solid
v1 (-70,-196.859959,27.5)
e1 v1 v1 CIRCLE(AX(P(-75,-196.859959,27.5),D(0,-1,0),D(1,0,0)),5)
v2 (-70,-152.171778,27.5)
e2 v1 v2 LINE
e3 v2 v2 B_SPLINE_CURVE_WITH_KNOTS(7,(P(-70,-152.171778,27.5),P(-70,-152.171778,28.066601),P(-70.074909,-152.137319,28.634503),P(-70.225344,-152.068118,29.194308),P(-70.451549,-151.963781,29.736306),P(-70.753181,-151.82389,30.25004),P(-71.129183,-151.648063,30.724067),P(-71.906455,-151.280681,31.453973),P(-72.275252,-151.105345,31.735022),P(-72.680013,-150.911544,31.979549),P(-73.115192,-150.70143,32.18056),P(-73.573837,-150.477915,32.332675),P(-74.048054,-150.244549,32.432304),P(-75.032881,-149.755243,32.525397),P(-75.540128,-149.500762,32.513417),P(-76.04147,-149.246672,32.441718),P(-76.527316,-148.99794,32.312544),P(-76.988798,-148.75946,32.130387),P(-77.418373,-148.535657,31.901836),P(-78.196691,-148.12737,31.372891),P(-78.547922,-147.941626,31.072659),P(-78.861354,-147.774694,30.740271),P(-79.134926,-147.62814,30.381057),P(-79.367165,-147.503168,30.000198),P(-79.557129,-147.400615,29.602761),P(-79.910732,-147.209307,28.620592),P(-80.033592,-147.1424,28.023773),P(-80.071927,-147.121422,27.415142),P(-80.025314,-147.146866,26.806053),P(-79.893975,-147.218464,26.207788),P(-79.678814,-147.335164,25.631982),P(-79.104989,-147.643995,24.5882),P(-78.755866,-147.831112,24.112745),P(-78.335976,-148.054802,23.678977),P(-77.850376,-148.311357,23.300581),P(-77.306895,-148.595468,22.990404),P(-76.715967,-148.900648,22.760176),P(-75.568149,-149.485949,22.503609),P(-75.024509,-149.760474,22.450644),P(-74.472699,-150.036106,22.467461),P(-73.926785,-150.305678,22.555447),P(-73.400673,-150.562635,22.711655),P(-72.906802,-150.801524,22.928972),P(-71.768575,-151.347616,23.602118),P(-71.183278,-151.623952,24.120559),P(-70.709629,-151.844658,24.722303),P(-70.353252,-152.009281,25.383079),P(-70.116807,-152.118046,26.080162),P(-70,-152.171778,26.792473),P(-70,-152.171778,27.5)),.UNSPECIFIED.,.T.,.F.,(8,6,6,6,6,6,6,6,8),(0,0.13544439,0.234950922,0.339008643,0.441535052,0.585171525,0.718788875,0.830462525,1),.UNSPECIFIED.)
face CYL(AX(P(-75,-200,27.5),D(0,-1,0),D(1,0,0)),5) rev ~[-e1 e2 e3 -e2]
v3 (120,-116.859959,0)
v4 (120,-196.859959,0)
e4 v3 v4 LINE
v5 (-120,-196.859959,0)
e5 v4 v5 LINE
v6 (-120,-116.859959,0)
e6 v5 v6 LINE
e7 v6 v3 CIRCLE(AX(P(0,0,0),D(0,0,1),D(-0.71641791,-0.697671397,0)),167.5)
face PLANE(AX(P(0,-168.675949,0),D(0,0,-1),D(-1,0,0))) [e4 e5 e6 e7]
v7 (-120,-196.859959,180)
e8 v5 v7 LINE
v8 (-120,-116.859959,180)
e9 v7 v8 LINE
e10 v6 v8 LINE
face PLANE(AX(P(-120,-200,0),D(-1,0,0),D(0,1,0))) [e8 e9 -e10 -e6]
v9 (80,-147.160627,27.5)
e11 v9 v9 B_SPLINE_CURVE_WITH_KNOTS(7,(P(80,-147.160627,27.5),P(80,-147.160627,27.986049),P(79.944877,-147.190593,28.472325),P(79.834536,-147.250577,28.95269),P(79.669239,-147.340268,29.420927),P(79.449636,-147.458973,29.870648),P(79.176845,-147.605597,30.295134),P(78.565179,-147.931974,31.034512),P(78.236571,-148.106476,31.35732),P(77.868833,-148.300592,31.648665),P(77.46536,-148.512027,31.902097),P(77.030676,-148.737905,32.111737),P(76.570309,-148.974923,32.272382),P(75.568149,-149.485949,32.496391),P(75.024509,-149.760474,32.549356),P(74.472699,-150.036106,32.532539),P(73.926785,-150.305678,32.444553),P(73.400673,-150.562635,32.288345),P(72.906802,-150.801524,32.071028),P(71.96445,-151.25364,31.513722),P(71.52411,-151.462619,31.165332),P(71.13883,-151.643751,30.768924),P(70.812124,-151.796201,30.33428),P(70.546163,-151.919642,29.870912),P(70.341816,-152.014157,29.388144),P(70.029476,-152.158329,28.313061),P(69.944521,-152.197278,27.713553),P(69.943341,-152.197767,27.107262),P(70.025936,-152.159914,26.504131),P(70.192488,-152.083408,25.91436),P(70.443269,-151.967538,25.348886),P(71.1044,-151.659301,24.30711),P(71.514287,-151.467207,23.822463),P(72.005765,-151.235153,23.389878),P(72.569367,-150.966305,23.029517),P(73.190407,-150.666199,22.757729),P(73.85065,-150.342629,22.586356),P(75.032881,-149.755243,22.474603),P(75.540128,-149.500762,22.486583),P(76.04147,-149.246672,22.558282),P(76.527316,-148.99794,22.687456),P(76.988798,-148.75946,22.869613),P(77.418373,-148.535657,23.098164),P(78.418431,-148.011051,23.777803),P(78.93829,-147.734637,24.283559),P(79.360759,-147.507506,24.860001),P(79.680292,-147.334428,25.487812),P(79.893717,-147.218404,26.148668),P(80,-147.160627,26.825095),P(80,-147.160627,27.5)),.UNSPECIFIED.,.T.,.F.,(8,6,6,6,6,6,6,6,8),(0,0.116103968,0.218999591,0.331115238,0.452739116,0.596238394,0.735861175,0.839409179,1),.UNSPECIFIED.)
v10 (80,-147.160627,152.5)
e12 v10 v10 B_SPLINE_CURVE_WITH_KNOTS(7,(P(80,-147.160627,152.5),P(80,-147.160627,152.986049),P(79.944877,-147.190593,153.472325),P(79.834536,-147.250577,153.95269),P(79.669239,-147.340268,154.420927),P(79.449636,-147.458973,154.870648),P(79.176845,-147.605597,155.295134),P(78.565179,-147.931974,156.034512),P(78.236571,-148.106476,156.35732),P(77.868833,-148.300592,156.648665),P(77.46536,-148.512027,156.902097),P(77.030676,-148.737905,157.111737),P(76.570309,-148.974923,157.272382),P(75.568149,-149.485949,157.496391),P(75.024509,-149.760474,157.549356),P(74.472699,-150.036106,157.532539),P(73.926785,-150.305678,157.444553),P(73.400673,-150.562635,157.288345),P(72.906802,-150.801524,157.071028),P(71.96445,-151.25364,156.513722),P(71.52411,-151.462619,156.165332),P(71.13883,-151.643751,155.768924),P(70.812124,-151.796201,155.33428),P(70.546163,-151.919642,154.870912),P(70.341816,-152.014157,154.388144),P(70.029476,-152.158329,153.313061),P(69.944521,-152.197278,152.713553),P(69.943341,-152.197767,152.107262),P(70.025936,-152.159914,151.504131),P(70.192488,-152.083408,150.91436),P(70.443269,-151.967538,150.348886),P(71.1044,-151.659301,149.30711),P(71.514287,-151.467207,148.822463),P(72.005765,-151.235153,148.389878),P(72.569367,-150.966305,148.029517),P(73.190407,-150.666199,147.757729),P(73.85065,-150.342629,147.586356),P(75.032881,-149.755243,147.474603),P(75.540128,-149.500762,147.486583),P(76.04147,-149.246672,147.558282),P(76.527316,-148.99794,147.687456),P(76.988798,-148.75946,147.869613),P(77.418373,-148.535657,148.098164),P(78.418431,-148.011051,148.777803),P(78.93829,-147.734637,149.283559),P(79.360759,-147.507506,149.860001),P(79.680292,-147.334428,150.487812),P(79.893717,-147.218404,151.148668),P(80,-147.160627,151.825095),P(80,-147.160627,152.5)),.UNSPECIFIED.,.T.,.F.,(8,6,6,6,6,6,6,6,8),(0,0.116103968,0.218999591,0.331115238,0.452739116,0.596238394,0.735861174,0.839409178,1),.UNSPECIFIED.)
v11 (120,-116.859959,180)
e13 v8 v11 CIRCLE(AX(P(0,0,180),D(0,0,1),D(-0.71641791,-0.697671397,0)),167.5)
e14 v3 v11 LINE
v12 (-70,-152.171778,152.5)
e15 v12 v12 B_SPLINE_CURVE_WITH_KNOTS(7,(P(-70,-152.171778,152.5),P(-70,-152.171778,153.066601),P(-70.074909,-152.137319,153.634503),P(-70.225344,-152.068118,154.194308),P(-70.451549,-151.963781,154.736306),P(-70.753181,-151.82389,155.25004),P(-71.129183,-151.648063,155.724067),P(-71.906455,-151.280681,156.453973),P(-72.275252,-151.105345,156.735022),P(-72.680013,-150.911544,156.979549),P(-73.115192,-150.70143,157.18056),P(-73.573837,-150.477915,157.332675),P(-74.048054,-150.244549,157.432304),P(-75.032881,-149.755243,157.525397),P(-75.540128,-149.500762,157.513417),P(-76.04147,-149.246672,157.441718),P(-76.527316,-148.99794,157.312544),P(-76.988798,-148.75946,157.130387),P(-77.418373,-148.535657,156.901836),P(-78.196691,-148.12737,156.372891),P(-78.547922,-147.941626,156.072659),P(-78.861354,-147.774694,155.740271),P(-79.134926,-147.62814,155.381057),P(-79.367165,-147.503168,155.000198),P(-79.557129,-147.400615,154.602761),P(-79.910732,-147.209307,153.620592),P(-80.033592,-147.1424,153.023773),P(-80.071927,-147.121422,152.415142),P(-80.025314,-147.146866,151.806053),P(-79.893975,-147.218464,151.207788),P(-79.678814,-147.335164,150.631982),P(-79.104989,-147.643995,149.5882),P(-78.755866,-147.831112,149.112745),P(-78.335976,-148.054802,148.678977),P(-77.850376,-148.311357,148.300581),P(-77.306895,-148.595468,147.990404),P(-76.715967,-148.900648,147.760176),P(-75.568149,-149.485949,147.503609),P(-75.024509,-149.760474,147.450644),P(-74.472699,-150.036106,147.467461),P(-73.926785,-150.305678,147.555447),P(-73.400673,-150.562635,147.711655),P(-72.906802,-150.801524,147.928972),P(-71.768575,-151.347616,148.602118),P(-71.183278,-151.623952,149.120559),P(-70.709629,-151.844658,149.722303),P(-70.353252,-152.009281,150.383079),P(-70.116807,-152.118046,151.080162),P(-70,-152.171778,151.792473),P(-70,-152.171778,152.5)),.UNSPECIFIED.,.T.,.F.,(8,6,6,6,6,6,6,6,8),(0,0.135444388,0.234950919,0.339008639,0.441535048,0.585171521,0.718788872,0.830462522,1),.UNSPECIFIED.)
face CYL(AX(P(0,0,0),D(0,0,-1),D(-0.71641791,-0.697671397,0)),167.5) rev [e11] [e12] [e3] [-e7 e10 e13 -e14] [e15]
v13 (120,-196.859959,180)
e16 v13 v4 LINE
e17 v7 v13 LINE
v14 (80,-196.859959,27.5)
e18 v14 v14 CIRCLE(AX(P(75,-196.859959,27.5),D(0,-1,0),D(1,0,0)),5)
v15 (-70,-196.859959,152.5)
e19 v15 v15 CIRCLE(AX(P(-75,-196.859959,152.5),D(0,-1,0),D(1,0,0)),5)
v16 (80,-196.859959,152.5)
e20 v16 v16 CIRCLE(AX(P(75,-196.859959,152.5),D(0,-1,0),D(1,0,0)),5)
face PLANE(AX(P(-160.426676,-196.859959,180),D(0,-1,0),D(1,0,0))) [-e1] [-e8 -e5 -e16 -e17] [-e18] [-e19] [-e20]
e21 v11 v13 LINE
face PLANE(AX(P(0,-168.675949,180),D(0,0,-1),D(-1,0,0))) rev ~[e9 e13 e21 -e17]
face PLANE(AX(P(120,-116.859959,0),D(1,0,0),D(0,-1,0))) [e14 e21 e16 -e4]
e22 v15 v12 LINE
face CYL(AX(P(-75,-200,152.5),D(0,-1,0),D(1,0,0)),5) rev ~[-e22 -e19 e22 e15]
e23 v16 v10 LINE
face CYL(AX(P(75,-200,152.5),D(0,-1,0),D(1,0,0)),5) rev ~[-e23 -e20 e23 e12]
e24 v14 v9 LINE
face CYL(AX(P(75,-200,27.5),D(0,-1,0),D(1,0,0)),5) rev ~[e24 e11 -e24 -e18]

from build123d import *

# Parameters (mm, degrees)
IZIM1_R                     = 167.5
IZIM1_R_2                   = 148
Y_KSEKLIK_EKSTR_ZYON2_DEPTH = 185.3
IZIM9_R                     = 3.4
KES_EKSTR_ZYON1_DEPTH       = 15
IZIM10_W                    = 5
IZIM10_H                    = 16.407796145
Y_KSEKLIK_EKSTR_ZYON3_DEPTH = 180
IZIM13_W                    = 308.627991419
IZIM13_H                    = 53.891387346
KES_EKSTR_ZYON2_DEPTH       = 333
IZIM12_R                    = 5
KES_EKSTR_ZYON3_DEPTH       = 333


with BuildPart() as part:
    # Çizim1 → Yükseklik-Ekstrüzyon2 (new body)
    with BuildSketch(Plane.XY):
        Circle(IZIM1_R)
        Circle(IZIM1_R_2, mode=Mode.SUBTRACT)
    extrude(amount=Y_KSEKLIK_EKSTR_ZYON2_DEPTH)

    # Çizim9 → Kes-Ekstrüzyon1 (cut)
    with BuildSketch(Plane(origin=(0, 0, 0), x_dir=(-1, 0, 0), z_dir=(0, 0, -1))):
        with Locations((107.349895203, -112.5)):
            Circle(IZIM9_R)
        with Locations((-107.349895203, -112.5)):
            Circle(IZIM9_R)
        with Locations((-107.349895203, 112.5)):
            Circle(IZIM9_R)
        with Locations((107.349895203, 112.5)):
            Circle(IZIM9_R)
    kes_ekstr_zyon1 = extrude(amount=-KES_EKSTR_ZYON1_DEPTH, mode=Mode.SUBTRACT)

    # Çizim10 → Döndür1 (revolve)
    with BuildSketch(Plane(origin=(0, 0, 0), x_dir=(0, 0, -1), z_dir=(1, 0, 0)), mode=Mode.PRIVATE) as d_nd_r1_sk:
        with Locations((-32.5, 150.703898073)):
            Rectangle(IZIM10_W, IZIM10_H)
    revolve(d_nd_r1_sk.sketch.rotate(Axis((0, 0, 0), (0, 0, 1)), 90), axis=Axis((0, 0, 0), (0, 0, 1)))

    # Aynalama1: Kes-Ekstrüzyon1 across plane
    add(kes_ekstr_zyon1.mirror(Plane(origin=(0, 0, 92.65), x_dir=(1, 0, 0), z_dir=(0, 0, -1))), mode=Mode.SUBTRACT)


with BuildPart() as body_2:
    # Çizim11 → Yükseklik-Ekstrüzyon3 (new body)
    with BuildSketch(Plane.XY):
        with BuildLine():
            Line((120, -116.859958925), (120, -200))
            Line((120, -200), (-120, -200))
            Line((-120, -200), (-120, -116.859958925))
            ThreePointArc((-120, -116.859958925), (0, -167.5), (120, -116.859958925))
        make_face()
    extrude(amount=Y_KSEKLIK_EKSTR_ZYON3_DEPTH)

    # Çizim13 → Kes-Ekstrüzyon2 (cut)
    with BuildSketch(Plane.XY.offset(180)):
        with Locations((-6.112680509, -223.805652598)):
            Rectangle(IZIM13_W, IZIM13_H)
    extrude(amount=-KES_EKSTR_ZYON2_DEPTH, mode=Mode.SUBTRACT)

    # Çizim12 → Kes-Ekstrüzyon3 (cut)
    with BuildSketch(Plane.XZ.offset(200)):
        with Locations((-75, 152.5)):
            Circle(IZIM12_R)
        with Locations((75, 152.5)):
            Circle(IZIM12_R)
        with Locations((75, 27.5)):
            Circle(IZIM12_R)
        with Locations((-75, 27.5)):
            Circle(IZIM12_R)
    extrude(amount=-KES_EKSTR_ZYON3_DEPTH, mode=Mode.SUBTRACT)


solid = body_2.part
